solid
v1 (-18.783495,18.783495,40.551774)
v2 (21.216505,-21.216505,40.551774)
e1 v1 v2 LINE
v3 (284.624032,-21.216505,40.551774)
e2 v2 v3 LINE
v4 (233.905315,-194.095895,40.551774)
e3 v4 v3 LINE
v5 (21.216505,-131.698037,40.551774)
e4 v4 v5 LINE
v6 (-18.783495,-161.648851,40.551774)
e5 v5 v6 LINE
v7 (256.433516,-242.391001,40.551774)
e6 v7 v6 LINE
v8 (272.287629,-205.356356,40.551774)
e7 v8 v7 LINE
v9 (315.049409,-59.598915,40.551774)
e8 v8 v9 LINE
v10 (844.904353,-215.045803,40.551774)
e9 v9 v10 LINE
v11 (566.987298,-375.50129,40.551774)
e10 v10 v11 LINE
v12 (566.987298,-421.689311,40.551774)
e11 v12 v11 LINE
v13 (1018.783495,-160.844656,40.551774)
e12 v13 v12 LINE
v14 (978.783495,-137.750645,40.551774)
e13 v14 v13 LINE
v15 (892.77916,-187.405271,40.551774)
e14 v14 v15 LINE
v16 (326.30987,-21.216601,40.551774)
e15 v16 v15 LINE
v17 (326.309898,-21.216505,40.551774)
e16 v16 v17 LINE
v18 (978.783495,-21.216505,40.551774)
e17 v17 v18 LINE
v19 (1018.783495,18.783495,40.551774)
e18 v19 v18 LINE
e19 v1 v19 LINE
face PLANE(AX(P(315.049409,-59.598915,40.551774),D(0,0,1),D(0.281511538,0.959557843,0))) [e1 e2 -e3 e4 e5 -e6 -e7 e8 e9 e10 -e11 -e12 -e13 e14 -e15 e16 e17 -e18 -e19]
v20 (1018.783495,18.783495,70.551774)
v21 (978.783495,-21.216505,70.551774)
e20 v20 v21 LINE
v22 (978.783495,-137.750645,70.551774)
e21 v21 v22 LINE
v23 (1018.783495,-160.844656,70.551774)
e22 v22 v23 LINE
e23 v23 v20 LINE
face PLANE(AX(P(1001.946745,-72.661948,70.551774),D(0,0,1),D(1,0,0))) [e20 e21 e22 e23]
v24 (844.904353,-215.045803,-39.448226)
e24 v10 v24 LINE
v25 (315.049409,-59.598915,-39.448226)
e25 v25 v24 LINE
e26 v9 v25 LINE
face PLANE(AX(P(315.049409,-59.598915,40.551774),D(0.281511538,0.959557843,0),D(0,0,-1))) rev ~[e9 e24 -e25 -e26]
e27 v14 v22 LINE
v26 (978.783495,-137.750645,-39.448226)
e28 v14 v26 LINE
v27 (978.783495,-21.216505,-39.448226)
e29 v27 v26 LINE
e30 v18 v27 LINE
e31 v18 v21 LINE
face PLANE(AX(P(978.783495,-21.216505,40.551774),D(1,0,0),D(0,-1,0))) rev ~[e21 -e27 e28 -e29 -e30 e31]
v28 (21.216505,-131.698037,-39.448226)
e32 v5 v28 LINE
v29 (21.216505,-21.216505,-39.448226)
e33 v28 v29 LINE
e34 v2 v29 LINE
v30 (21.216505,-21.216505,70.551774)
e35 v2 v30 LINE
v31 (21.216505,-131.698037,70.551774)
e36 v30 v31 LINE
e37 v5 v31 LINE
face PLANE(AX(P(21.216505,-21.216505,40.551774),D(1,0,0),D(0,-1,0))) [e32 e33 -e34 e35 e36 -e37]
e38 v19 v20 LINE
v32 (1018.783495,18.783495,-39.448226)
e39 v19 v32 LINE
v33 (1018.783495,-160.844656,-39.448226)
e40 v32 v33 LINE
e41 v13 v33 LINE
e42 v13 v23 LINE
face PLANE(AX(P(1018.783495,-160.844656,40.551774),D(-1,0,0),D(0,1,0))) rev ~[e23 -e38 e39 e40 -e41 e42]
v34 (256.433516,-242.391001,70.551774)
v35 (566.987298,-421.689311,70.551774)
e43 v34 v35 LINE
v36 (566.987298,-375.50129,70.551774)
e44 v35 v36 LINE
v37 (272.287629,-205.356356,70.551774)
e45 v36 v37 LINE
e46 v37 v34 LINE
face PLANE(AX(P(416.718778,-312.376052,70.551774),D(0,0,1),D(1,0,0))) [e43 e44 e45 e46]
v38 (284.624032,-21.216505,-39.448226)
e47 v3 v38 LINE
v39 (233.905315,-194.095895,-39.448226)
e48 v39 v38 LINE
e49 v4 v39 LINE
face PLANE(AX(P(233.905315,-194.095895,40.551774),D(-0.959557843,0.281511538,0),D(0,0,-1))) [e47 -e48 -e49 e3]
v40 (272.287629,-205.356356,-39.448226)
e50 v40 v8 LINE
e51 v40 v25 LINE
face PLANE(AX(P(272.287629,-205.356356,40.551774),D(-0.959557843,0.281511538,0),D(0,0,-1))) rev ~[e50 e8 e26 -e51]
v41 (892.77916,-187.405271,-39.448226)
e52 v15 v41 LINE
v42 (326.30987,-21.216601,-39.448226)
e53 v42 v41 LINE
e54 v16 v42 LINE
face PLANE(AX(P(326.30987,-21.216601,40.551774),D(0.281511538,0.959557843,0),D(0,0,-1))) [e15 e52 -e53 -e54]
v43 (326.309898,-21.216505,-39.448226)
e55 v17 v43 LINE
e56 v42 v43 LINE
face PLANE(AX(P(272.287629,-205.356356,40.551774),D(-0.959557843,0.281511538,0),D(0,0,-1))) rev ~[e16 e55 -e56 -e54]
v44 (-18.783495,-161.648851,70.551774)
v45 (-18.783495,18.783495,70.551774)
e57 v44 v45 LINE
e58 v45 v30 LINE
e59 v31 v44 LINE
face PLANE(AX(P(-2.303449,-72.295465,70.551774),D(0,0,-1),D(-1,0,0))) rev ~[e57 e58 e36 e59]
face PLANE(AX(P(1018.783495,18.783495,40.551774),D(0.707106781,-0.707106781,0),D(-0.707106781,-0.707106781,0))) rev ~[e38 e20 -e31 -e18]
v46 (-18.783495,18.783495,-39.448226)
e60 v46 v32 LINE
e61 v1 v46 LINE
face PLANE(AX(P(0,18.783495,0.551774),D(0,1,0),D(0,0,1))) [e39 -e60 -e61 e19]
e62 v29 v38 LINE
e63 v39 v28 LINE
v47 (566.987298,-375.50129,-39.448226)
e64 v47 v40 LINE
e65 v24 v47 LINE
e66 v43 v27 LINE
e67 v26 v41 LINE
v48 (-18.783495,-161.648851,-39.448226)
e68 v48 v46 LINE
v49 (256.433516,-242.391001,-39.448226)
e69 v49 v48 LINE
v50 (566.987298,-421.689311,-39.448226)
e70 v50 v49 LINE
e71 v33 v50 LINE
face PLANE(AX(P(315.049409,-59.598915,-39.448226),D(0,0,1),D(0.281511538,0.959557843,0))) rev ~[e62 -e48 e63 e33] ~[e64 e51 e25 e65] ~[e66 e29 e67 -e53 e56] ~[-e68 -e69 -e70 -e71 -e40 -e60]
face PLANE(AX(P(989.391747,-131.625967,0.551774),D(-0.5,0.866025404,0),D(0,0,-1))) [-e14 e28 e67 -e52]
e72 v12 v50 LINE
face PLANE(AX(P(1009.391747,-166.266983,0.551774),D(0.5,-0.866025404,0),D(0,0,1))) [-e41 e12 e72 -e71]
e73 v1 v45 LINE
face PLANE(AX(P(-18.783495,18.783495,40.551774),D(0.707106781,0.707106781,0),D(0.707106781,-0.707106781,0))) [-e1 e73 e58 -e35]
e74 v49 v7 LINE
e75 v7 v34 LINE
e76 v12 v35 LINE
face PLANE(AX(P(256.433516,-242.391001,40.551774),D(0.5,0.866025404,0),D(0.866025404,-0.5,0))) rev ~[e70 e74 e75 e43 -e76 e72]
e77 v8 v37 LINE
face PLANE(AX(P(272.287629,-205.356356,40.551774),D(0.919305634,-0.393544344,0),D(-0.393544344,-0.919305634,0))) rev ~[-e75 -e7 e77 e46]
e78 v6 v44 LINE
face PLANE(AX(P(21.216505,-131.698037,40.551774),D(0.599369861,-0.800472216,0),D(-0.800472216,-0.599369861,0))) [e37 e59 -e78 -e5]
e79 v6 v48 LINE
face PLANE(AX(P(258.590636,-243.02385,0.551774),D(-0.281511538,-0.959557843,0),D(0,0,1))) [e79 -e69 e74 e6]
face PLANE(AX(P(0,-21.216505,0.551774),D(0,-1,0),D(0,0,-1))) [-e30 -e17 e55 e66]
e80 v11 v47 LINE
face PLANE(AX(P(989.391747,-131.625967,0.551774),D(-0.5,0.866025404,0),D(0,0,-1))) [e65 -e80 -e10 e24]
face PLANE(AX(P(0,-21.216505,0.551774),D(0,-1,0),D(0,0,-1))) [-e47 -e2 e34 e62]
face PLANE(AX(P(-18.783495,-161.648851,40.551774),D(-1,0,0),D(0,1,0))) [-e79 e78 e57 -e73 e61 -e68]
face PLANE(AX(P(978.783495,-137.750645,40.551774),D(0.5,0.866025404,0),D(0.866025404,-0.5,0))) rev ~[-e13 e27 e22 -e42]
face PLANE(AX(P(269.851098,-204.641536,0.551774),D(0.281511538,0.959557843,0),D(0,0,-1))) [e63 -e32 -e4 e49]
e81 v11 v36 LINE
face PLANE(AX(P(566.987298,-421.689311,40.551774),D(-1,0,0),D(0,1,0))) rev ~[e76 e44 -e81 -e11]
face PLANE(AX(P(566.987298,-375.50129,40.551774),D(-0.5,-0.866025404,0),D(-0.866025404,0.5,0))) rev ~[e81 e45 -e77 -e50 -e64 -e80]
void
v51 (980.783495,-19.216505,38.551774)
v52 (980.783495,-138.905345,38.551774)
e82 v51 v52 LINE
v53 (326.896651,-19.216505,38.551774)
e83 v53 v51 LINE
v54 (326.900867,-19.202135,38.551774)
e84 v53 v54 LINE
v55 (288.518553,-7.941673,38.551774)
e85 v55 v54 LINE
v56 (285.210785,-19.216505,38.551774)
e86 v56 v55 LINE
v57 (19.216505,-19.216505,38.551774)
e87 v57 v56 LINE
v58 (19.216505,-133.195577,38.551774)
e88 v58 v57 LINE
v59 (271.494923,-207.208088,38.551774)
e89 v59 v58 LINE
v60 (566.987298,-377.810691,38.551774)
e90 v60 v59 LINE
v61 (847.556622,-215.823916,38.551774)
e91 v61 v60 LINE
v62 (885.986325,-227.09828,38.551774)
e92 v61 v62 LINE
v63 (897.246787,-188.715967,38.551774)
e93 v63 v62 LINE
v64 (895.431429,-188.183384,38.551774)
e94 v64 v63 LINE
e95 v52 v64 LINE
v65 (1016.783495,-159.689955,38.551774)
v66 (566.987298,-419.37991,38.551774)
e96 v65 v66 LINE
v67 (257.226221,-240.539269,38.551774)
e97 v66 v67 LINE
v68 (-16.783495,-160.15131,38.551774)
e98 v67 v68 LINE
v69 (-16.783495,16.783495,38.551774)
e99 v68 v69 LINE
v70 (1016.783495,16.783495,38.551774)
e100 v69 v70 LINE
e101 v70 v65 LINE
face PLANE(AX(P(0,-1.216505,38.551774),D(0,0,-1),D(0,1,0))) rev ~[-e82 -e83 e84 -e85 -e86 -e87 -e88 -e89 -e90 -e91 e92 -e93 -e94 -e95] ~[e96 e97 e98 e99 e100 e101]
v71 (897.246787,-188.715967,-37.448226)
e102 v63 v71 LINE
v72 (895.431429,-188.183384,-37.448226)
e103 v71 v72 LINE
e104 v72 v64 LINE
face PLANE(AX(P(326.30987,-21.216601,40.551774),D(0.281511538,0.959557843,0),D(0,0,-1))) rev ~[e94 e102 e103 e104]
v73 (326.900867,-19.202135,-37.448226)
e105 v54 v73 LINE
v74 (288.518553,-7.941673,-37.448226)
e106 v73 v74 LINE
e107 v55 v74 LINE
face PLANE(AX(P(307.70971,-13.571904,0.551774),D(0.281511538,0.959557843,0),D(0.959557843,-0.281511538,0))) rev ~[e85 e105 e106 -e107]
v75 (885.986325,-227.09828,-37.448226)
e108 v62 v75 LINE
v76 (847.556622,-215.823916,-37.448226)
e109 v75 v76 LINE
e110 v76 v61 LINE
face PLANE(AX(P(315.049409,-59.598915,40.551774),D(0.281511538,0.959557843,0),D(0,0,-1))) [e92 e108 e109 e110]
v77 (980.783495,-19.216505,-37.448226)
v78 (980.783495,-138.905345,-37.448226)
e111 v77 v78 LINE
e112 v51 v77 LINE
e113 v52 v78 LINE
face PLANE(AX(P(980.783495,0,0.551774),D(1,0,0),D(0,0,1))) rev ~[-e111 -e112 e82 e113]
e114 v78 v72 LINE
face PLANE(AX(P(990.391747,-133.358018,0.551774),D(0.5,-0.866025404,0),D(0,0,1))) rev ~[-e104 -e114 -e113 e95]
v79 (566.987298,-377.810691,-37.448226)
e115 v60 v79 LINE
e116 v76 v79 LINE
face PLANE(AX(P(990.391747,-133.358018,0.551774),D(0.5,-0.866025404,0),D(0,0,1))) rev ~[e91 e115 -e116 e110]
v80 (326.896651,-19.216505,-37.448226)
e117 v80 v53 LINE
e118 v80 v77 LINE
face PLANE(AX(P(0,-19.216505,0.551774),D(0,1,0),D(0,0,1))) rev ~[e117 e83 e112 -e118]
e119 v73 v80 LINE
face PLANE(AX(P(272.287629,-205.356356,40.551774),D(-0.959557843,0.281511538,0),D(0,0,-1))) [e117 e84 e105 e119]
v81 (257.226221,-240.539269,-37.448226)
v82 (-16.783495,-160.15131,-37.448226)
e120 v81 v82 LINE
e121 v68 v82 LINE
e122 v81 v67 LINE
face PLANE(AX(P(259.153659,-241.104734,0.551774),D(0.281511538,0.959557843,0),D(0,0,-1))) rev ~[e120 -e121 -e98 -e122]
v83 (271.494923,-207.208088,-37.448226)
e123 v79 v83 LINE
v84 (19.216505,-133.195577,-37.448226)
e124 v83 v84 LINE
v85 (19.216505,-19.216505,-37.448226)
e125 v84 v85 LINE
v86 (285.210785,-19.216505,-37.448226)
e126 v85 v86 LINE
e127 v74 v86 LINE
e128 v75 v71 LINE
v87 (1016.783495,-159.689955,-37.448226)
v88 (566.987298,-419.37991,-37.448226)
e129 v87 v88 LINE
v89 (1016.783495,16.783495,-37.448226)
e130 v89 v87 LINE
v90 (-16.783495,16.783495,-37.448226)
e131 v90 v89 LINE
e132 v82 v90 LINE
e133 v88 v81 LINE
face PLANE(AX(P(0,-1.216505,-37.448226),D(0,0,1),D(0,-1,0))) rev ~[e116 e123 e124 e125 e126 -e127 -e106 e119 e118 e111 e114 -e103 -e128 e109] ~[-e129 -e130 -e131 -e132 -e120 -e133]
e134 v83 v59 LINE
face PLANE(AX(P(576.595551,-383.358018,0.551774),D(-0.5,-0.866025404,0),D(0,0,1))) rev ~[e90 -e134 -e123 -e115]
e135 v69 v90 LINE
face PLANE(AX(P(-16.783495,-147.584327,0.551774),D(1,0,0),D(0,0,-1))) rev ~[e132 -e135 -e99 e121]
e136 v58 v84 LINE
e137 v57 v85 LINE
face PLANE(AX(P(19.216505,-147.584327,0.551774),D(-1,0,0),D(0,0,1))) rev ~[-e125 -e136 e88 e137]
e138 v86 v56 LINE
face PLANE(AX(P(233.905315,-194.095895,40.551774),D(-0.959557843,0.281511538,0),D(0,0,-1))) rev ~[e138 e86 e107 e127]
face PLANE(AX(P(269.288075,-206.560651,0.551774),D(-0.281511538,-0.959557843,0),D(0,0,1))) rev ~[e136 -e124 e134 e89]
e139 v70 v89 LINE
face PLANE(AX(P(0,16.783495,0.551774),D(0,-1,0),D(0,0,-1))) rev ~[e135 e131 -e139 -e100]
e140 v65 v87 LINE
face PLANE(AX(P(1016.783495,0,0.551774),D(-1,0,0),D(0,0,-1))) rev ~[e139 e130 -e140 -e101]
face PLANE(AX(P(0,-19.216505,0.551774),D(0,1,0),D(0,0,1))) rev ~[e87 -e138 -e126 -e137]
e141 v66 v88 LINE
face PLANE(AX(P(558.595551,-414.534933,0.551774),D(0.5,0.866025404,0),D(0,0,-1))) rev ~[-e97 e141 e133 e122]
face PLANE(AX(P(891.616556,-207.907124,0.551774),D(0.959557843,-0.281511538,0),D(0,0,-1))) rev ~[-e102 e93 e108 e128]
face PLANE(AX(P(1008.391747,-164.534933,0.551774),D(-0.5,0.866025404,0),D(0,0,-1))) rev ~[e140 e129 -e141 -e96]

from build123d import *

# Parameters (mm, degrees)
SKETCH_6_W      = 80
SKETCH_6_H      = 40
SKETCH_6_W_2    = 76
SKETCH_6_H_2    = 36
SKETCH_14_W     = 40
SKETCH_14_H     = 80
EXTRUDE_1_DEPTH = 194
SKETCH_15_W     = 80
SKETCH_15_H     = 40
EXTRUDE_2_DEPTH = 595
EXTRUDE_3_DEPTH = 30
EXTRUDE_4_DEPTH = 30
EXTRUDE_5_DEPTH = 30


with BuildPart() as part:
    # По траектории13: sweep along a curve in space
    with BuildLine() as sweep_13_path:
        Line((0, 0, 0), (1000, 0, 0))
        Line((1000, 0, 0), (1000, -150, 0))
        Line((1000, -150, 0), (566.987298108, -400, 0))
        Line((566.987298108, -400, 0), (263.878406783, -225, 0))
        Line((263.878406783, -225, 0), (0, -147.584326952, 0))
        Line((0, -147.584326952, 0), (0, 0, 0))
    # Эскиз6 → По траектории13 (sweep)
    with BuildSketch(Plane(origin=(0, 0, 0), x_dir=(0, 0, -1), z_dir=(1, 0, 0))):
        with Locations((-0.551773823, -1.216505436)):
            Rectangle(SKETCH_6_W, SKETCH_6_H)
        with Locations((-0.551773823, -1.216505436)):
            Rectangle(SKETCH_6_W_2, SKETCH_6_H_2, mode=Mode.SUBTRACT)
    sweep(path=sweep_13_path.line, transition=Transition.RIGHT)

    # Эскиз14 → Бобышка-Вытянуть1 (add)
    with BuildSketch(Plane(origin=(-33.89376203, -115.529989888, 0), x_dir=(0.9595578428480989, -0.2815115383580276, 0), z_dir=(0.2815115383580276, 0.9595578428480989, 0))):
        with Locations((299.085913187, -0.551773823)):
            Rectangle(SKETCH_14_W, SKETCH_14_H)
    extrude(amount=EXTRUDE_1_DEPTH)

    # Эскиз15 → Бобышка-Вытянуть2 (add)
    with BuildSketch(Plane(origin=(306.181390541, -89.82636629, 0), x_dir=(0, 0, -1), z_dir=(0.9595578428480989, -0.28151153835802767, 0))):
        with Locations((-0.551773823, 51.50143726)):
            Rectangle(SKETCH_15_W, SKETCH_15_H)
    extrude(amount=EXTRUDE_2_DEPTH)

    # Эскиз17 → Бобышка-Вытянуть3 (add)
    with BuildSketch(Plane.XY.offset(40.551773823)):
        Polygon((-18.783494564, 18.783494564), (21.216505436, -21.216505436), (21.216505436, -131.698036755), (-18.783494564, -161.648850746), align=None)
    extrude(amount=EXTRUDE_3_DEPTH)

    # Эскиз18 → Бобышка-Вытянуть4 (add)
    with BuildSketch(Plane.XY.offset(40.551773823)):
        Polygon((272.28762851, -205.356356178), (256.433515773, -242.391001456), (566.987298108, -421.689311285), (566.987298108, -375.50128975), align=None)
    extrude(amount=EXTRUDE_4_DEPTH)

    # Эскиз19 → Бобышка-Вытянуть5 (add)
    with BuildSketch(Plane.XY.offset(40.551773823)):
        Polygon((1018.783494564, 18.783494564), (978.783494564, -21.216505436), (978.783494564, -137.750644875), (1018.783494564, -160.844655643), align=None)
    extrude(amount=EXTRUDE_5_DEPTH)


solid = part.part
